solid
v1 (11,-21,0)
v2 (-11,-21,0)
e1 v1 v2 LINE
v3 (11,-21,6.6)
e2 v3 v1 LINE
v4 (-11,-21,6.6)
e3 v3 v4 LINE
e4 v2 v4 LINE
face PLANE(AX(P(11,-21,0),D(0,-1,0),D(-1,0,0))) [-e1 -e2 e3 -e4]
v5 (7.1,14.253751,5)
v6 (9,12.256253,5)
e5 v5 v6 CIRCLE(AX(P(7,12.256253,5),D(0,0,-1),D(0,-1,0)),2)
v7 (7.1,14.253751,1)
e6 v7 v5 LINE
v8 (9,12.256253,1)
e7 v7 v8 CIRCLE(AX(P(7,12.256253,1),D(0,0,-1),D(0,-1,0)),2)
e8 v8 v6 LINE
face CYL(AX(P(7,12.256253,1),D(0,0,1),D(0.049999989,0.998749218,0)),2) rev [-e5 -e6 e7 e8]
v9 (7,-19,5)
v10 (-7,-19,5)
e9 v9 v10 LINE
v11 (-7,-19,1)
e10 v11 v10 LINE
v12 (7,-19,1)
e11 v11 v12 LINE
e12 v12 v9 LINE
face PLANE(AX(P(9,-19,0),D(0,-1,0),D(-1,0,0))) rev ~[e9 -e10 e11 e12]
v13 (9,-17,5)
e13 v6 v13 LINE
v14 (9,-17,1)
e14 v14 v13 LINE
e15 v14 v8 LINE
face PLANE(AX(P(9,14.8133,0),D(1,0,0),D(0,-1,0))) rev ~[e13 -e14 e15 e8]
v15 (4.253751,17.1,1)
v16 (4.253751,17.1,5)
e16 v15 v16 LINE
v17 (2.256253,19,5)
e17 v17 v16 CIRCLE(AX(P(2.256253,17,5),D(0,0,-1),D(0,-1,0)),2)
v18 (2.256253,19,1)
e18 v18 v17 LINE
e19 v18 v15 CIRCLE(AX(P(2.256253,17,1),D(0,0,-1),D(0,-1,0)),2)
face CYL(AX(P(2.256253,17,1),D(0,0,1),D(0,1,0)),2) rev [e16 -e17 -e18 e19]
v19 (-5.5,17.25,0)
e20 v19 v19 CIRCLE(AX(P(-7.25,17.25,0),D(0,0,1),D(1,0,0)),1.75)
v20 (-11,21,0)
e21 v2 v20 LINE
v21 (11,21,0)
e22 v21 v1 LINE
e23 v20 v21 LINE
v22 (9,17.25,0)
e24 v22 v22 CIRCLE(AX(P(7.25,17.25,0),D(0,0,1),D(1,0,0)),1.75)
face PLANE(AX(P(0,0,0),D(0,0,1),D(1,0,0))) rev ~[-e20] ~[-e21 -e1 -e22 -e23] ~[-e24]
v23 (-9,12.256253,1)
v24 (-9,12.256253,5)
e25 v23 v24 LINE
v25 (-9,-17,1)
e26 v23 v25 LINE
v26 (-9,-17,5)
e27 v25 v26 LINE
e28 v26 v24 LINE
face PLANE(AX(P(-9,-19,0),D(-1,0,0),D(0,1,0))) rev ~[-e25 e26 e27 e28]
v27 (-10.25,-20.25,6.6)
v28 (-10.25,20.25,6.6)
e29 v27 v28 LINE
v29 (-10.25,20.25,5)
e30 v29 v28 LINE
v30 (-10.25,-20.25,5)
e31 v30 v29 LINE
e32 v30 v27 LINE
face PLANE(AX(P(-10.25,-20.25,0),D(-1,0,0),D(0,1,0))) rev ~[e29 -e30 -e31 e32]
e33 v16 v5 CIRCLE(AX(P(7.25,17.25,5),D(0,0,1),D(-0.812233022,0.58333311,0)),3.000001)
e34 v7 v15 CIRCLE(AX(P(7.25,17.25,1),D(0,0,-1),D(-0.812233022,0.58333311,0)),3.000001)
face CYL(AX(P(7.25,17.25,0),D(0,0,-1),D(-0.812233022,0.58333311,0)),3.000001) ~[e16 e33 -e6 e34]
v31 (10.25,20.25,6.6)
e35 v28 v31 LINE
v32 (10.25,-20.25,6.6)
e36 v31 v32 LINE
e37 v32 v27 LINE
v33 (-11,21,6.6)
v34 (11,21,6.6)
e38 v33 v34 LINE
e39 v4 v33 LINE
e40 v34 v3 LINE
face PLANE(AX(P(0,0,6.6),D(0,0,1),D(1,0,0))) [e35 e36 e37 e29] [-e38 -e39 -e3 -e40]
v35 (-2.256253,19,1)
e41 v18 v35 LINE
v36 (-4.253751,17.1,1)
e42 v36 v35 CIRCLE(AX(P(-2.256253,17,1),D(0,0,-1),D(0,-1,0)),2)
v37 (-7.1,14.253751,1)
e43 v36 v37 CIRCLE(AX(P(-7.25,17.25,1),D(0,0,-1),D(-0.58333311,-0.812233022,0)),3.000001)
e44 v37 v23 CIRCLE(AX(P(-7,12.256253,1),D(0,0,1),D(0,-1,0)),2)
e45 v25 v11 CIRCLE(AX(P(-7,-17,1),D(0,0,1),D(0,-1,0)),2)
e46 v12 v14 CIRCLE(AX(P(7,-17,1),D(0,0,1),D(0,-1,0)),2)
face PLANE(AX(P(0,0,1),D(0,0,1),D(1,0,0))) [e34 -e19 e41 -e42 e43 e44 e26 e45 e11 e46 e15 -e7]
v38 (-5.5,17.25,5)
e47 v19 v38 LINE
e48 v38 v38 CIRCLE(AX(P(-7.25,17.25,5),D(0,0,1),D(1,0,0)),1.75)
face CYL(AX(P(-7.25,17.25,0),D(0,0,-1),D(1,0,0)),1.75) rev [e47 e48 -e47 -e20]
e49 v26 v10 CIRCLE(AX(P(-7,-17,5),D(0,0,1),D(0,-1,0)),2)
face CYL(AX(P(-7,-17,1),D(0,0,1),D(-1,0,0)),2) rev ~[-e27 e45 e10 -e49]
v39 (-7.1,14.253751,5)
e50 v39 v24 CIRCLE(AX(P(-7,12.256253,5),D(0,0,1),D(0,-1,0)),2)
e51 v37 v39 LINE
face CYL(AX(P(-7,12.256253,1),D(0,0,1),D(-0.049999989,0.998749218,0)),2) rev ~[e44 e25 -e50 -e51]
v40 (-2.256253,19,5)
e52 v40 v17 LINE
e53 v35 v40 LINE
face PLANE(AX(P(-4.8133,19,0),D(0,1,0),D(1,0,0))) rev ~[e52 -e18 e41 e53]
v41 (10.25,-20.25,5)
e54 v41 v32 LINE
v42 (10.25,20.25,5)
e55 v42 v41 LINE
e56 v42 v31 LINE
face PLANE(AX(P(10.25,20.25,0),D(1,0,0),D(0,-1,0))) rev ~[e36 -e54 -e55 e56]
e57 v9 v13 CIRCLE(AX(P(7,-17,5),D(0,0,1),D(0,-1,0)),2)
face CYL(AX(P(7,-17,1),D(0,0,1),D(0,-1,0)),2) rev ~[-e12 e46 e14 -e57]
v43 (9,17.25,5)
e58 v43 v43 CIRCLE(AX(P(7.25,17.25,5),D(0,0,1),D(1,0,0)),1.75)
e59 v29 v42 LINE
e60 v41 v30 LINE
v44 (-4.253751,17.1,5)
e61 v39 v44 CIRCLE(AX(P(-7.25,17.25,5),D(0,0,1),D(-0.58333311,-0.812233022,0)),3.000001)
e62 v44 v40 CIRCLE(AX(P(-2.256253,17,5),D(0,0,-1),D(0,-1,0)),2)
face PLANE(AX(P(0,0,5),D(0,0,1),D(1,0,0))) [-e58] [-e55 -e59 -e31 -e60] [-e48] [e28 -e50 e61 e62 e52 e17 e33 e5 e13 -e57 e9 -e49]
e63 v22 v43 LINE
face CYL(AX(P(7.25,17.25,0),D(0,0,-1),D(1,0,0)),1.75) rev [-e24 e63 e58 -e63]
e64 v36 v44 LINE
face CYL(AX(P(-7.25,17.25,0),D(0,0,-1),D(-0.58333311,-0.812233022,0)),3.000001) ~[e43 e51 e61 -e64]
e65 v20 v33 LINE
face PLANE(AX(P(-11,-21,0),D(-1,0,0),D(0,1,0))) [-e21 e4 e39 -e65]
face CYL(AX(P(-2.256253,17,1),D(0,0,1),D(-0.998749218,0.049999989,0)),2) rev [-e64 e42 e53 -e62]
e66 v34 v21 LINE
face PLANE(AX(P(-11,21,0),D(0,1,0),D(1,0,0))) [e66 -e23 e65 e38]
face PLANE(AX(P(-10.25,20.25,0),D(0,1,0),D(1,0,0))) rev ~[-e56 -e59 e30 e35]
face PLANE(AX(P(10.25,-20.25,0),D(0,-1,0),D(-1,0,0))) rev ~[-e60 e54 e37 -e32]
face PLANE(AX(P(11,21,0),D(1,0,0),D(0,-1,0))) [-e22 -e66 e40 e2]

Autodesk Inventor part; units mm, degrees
ref_plane "YZ Plane" through (0, 0, 0) normal (1, 0, 0) x (0, 1, 0)
ref_plane "XZ Plane" through (0, 0, 0) normal (0, 1, 0) x (-1, 0, 0)
ref_plane "XY Plane" through (0, 0, 0) normal (0, 0, 1) x (1, 0, 0)
sketch "スケッチ1" plane through (0, 0, 0) normal (0, 0, 1) x (1, 0, 0)
  line L0 (-10, 20) -> (10, 20) construction
  line L1 (10, 20) -> (10, -20) construction
  line L2 (10, -20) -> (-10, -20) construction
  line L3 (-10, -20) -> (-10, 20) construction
  line L4 (-10, 20) -> (10, -20) construction
  line L5 (10, 20) -> (-10, -20) construction
  circle A0 centre (-7.25, 17.25) radius 1.75
  line L6 (0, 20) -> (0, -20) construction
  circle A1 centre (7.25, 17.25) radius 1.75
  line L7 (9, -19) -> (-9, -19)
  line L8 (-9, -19) -> (-9, 14.8133)
  line L9 (-9, 19) -> (-4.8133, 19) construction
  line L10 (9, 19) -> (9, 14.8133) construction
  line L11 (9, -19) -> (-9, 19) construction
  line L12 (-9, -19) -> (9, 19) construction
  arc A2 (-9, 14.8133) -> (-4.8133, 19) centre (-7.25, 17.25) ccw
  line L13 (-4.8133, 19) -> (4.8133, 19)
  line L14 (-9, 14.8133) -> (-9, 19) construction
  arc A3 (4.8133, 19) -> (9, 14.8133) centre (7.25, 17.25) ccw
  line L15 (4.8133, 19) -> (9, 19) construction
  line L16 (9, 14.8133) -> (9, -19)
  line L17 (-11, 21) -> (11, 21)
  line L18 (11, 21) -> (11, -21)
  line L19 (11, -21) -> (-11, -21)
  line L20 (-11, -21) -> (-11, 21)
  line L21 (-11, 21) -> (11, -21) construction
  line L22 (11, 21) -> (-11, -21) construction
  line L23 (10.25, -20.25) -> (-10.25, -20.25)
  line L24 (-10.25, -20.25) -> (-10.25, 20.25)
  line L25 (-10.25, 20.25) -> (10.25, 20.25)
  line L26 (10.25, 20.25) -> (10.25, -20.25)
  line L27 (10.25, -20.25) -> (-10.25, 20.25) construction
  line L28 (-10.25, -20.25) -> (10.25, 20.25) construction
  point P0 (0, 0)
  point P1 (0, 0)
  dimension "d0" = 20
  dimension "d1" = 40
  dimension "d2" = 3.5
  dimension "d3" = 2.75
  dimension "d4" = 2.75
  dimension "d5" = 1
  dimension "d6" = 1
  dimension "d7" = 3
  dimension "d13" = 1
  dimension "d14" = 1
  dimension "d15" = 0.25
  dimension "d16" = 0.25
extrude "押し出し1" add sketch "スケッチ1" along normal blind 6.6 contours L17 L18 L19 L20
extrude "押し出し2" add sketch "スケッチ1" along normal blind 1 contours L7 L8 A2 L13 A3 L16 | L23 L24 L25 L26
extrude "押し出し3" add sketch "スケッチ1" along normal blind 5 contours L17 L18 L19 L20 | L23 L24 L25 L26
fillet "フィレット1" radius 2 6 edges at (-9, 14.8133, 3) (-4.8133, 19, 3) (4.8133, 19, 3) (9, 14.8133, 3) (-9, -19, 3) (9, -19, 3)
equation "\"d4\" = d3"
equation "\"d6\" = d5"
equation "\"d14\" = d5"
properties part number "_3D プリント"
